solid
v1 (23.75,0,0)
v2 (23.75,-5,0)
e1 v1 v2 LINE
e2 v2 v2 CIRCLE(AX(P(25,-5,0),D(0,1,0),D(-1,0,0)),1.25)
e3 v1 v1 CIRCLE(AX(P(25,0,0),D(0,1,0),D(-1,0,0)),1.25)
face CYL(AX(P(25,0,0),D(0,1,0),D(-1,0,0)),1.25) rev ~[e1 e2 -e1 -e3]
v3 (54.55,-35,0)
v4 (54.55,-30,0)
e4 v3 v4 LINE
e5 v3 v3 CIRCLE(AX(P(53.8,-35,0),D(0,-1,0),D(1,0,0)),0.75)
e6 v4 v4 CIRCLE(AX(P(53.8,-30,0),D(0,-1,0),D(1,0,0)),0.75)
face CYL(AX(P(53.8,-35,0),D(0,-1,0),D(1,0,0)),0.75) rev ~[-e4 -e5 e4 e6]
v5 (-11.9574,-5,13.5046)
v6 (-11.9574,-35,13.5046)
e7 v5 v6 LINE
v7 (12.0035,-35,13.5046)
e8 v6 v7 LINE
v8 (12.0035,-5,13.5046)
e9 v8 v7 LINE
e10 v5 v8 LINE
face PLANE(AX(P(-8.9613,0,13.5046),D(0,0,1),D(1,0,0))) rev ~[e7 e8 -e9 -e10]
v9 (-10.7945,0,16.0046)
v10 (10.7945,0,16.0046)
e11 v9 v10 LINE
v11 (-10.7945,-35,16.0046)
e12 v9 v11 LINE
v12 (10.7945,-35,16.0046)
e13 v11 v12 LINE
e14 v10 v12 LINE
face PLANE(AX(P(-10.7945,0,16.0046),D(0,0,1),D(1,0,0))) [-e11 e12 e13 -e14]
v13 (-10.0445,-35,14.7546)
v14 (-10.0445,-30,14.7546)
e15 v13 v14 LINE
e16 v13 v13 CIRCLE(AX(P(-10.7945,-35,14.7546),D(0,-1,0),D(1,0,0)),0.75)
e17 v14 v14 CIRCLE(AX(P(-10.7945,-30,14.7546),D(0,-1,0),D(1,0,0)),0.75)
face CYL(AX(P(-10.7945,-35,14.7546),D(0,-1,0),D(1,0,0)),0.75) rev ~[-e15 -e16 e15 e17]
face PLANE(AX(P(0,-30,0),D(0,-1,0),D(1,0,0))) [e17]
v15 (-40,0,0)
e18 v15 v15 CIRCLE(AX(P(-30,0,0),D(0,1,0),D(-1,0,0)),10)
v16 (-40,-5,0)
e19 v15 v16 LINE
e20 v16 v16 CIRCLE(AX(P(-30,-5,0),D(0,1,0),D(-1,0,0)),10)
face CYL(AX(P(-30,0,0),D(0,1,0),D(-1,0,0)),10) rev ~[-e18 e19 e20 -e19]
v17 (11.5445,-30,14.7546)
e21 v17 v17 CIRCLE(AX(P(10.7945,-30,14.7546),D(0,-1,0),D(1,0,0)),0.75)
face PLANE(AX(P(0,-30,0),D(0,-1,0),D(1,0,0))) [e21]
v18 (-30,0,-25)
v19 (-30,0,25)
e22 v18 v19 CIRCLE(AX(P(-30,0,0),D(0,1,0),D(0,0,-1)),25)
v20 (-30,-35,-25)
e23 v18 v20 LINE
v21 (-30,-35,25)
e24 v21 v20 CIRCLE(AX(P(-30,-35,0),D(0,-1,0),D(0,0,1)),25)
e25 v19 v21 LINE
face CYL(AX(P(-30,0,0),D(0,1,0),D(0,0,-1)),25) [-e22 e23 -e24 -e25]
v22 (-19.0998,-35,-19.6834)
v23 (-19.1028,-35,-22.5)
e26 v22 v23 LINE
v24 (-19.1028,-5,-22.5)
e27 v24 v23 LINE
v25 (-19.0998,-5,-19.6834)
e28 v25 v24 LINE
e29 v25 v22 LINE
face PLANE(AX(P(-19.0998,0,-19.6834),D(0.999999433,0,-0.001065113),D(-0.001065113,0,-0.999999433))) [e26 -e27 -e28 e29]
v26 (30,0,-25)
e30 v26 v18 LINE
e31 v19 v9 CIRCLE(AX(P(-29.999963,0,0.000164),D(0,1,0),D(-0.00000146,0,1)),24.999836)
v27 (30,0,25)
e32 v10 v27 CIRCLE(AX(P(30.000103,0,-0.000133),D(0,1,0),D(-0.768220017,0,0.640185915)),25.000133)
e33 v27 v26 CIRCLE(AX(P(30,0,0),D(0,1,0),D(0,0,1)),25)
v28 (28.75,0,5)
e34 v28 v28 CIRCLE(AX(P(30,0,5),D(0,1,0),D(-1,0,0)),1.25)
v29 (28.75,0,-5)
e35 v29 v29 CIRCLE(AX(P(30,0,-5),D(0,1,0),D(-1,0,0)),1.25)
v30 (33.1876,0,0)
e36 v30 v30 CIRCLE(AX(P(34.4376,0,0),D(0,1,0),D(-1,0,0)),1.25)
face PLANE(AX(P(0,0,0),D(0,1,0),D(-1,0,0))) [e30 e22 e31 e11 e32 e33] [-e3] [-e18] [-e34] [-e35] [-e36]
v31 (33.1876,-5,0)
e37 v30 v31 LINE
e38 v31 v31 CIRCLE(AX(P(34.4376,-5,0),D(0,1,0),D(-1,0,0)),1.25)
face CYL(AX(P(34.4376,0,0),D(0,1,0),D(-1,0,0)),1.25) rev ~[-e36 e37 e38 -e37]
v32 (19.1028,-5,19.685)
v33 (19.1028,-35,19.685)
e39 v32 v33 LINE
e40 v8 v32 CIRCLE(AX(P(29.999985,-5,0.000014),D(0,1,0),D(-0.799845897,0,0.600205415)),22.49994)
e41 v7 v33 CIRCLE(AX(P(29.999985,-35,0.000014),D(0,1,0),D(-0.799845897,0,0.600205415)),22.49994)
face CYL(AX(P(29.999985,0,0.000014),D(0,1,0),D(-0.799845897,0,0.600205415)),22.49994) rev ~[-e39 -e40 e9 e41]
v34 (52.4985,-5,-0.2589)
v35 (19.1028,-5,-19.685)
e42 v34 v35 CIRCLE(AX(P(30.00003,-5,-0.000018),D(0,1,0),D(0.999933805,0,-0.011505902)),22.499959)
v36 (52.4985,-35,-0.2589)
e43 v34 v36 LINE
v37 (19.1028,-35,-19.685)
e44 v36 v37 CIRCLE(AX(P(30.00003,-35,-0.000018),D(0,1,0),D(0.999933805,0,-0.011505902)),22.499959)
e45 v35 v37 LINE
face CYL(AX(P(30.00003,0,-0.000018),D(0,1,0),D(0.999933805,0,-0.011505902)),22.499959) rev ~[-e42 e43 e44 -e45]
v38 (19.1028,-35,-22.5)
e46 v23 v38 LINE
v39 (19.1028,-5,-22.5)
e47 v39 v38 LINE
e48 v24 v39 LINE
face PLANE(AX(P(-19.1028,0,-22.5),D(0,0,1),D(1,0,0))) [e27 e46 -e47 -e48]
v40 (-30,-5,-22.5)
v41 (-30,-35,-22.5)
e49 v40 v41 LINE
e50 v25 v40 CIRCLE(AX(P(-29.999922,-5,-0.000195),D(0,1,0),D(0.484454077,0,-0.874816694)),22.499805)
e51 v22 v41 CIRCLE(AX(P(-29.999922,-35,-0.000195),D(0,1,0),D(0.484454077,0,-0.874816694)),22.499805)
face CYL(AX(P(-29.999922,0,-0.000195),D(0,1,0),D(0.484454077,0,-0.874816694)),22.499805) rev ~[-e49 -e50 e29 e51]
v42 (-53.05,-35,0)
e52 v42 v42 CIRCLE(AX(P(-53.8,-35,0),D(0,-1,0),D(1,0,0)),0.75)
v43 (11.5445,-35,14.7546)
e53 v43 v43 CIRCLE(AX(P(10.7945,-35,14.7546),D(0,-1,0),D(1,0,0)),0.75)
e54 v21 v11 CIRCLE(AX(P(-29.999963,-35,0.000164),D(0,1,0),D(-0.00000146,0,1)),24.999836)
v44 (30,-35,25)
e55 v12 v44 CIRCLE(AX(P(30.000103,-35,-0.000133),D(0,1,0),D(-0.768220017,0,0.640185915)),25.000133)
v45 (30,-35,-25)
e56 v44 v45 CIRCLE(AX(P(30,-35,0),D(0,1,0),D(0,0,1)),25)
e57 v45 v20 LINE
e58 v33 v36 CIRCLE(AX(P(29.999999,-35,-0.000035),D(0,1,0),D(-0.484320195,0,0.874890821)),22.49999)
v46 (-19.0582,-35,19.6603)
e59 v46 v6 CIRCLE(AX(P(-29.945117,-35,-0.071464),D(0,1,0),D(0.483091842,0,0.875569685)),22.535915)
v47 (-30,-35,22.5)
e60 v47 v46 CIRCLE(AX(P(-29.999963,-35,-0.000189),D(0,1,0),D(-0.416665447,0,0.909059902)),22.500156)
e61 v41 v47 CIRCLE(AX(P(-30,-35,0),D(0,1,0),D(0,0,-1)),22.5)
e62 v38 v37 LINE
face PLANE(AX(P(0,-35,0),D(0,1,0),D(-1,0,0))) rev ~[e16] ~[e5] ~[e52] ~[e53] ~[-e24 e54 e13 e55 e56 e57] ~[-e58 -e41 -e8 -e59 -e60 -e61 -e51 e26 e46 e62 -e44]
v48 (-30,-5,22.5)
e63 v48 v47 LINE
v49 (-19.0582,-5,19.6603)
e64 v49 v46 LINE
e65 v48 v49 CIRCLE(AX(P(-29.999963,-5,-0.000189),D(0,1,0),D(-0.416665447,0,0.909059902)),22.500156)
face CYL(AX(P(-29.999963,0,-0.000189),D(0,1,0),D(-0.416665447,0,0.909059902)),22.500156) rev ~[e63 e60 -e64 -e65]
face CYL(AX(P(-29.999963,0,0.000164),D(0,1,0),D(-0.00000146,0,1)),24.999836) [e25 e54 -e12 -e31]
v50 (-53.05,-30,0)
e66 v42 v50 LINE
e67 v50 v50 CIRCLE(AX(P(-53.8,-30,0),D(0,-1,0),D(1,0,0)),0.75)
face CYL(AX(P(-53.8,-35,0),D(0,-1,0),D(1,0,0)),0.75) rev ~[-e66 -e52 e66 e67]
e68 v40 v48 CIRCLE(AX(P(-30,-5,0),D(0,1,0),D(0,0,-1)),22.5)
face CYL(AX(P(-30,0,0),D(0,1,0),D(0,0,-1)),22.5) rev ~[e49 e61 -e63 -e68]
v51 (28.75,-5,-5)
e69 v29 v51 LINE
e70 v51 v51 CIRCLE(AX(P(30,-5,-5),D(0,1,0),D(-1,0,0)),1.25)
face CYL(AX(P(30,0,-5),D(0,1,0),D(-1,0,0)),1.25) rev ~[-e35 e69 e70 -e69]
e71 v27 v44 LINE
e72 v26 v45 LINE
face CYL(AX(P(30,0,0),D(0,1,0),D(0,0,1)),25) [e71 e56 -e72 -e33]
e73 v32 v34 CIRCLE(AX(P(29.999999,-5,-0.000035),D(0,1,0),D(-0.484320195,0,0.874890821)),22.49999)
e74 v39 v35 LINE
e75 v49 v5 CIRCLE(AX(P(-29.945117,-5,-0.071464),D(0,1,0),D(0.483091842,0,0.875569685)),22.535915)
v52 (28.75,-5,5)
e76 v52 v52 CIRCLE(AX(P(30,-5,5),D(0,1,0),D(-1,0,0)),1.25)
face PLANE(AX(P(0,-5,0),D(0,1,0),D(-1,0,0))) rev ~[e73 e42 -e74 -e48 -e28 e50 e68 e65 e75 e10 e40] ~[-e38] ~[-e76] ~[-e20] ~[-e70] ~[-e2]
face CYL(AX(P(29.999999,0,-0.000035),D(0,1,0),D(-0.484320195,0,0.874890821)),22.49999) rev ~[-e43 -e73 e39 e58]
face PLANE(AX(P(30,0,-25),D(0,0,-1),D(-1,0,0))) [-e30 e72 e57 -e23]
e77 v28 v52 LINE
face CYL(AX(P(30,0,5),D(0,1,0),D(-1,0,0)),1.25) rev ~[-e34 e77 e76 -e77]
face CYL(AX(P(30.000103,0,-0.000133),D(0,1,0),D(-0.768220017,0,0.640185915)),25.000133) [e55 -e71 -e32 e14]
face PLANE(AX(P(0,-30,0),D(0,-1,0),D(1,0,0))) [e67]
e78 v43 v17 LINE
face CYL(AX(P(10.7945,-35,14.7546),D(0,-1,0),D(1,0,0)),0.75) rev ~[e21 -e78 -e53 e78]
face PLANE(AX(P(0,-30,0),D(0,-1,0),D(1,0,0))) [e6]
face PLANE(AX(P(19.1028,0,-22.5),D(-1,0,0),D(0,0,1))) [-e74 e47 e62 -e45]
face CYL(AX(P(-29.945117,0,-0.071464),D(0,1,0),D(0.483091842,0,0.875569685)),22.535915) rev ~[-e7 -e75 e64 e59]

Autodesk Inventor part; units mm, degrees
ref_plane "YZ Plane" through (0, 0, 0) normal (1, 0, 0) x (0, 1, 0)
sketch "Sketch1" plane through (0, 0, 0) normal (0, 1, 0) x (-1, 0, 0)
  line L0 (30, 0) -> (-30, 0) construction
  line L1 (30, 25) -> (-30, 25) construction
  line L2 (-30, -25) -> (30, -25)
  arc A0 (30, -25) -> (30, 25) centre (30, 0) ccw construction
  arc A1 (-30, 25) -> (-30, -25) centre (-30, 0) ccw
  line L3 (30, -25) -> (0, 0) construction
  line L4 (0, 0) -> (30, 25) construction
  line L5 (0, 0) -> (-34.4376, -24.603) construction
  line L6 (0, 0) -> (-34.4376, 25) construction
  line L7 (-34.4376, -24.603) -> (-34.4376, 25) construction
  line L8 (30, -25) -> (30, 25) construction
  line L9 (55, 0) -> (30, -25) construction
  line L10 (55, 0) -> (30, 25) construction
  line L11 (-34.4376, -24.603) -> (-55, 0) construction
  line L12 (-55, 0) -> (-30, 25) construction
  line L13 (25, 0) -> (-25, 0) construction
  line L14 (25, 25) -> (-25, 25) construction
  line L15 (-25, -25) -> (25, -25) construction
  arc A2 (25, -25) -> (25, 25) centre (25, 0) ccw construction
  arc A3 (-25, 25) -> (-25, -25) centre (-25, 0) ccw construction
  line L16 (55, 0) -> (25, -25) construction
  line L17 (55, 0) -> (25, 25) construction
  line L18 (25, -25) -> (25, 25) construction
  line L19 (0, 0) -> (55, 0) construction
  line L20 (-25, -25) -> (-25, 25) construction
  circle A4 centre (-30, 0) radius 25 construction
  circle A5 centre (30, 0) radius 25 construction
  circle A6 centre (-30, 0) radius 22.5 construction
  line L21 (30, -25) -> (-30, -25)
  line L22 (0, -25) -> (0, 25) construction
  line L23 (30, 0) -> (0, 25) construction
  line L24 (10.7945, 16.0046) -> (-10.7945, 16.0046) construction
  line L25 (10.7945, 16.0046) -> (-10.7945, 16.0046)
  line L26 (8.9613, 13.5046) -> (-8.9613, 13.5046)
  circle A7 centre (30, 0) radius 10
  line L27 (19.1028, -22.5) -> (-19.1028, -22.5)
  line L28 (-30, 0) -> (-30, -25) construction
  line L29 (-30, 0) -> (-30, 25) construction
  line L30 (-30, 0) -> (-12.3223, -17.6777) construction
  line L31 (-30, 0) -> (-47.6777, -17.6777) construction
  line L32 (-25, -5) -> (-34.4376, -5) construction
  line L33 (-12.3223, -17.6777) -> (-47.6777, 17.6777) construction
  line L34 (-47.6777, -17.6777) -> (-12.3223, 17.6777) construction
  line L35 (-25, 5) -> (-34.4376, 5) construction
  circle A8 centre (-30, -5) radius 1.25
  circle A9 centre (-25, 0) radius 1.25
  circle A10 centre (-34.4376, 0) radius 1.25
  circle A11 centre (-30, 5) radius 1.25
  line L36 (-19.1028, -22.5) -> (-19.1028, 22.5) construction
  line L37 (19.1028, -22.5) -> (19.0552, 22.4769) construction
  line L38 (10.7945, 16.0046) -> (10.7945, -22.5636) construction
  line L39 (10.7945, 16.0046) -> (49.3627, 16.0046) construction
  line L40 (-10.7945, 16.0046) -> (-10.7945, -22.0758) construction
  line L41 (-10.7945, 16.0046) -> (27.2859, 16.0046) construction
  line L42 (-10.7945, -22.0758) -> (-11.3044, -22.5) construction
  line L43 (-8.9613, 13.5046) -> (-8.9613, -22.5) construction
  line L44 (8.9613, 13.5046) -> (8.9613, -22.5) construction
  arc A12 (19.0998, -19.6834) -> (30, -22.5) centre (30, 0) ccw
  arc A13 (30, -22.5) -> (52.5, 0) centre (30, 0) ccw
  arc A14 (52.5, 0) -> (30, 22.5) centre (30, 0) ccw
  arc A15 (39.375, 20.4538) -> (19.0582, 19.6603) centre (30, 0) ccw
  circle A16 centre (30, 0) radius 22.5369 construction
  arc A17 (19.0582, 19.6603) -> (11.9574, 13.5046) centre (29.9457, -0.0723) ccw
  line L45 (8.9613, 13.5046) -> (11.9574, 13.5046)
  line L46 (19.0998, -19.6834) -> (19.1028, -22.5)
  arc A18 (30, 25) -> (10.7945, 16.0046) centre (30, 0) ccw
  arc A19 (55, 0) -> (30, 25) centre (30, 0) ccw
  arc A20 (30, -25) -> (55, 0) centre (30, 0) ccw
  arc A21 (-52.4985, -0.2589) -> (-19.1028, -19.685) centre (-30, 0) ccw
  arc A22 (-19.1028, 19.685) -> (-52.4985, -0.2589) centre (-30, 0) ccw
  line L47 (-8.9613, 13.5046) -> (-12.0035, 13.5046)
  arc A23 (-12.0035, 13.5046) -> (-19.1028, 19.685) centre (-30, 0) ccw
  line L48 (-19.1028, -22.5) -> (-19.1028, -19.685)
  arc A24 (-10.7945, 16.0046) -> (-30, 25) centre (-30, 0) ccw
  point P0 (-30, 25)
  point P1 (-30, 0)
  dimension "d1" = 30
  dimension "d2" = 50
  dimension "d3" = 50
  dimension "d4" = 25
  dimension "d8" = 110
  dimension "d9" = 50
  dimension "d12" = 45
  dimension "d13" = 0
  dimension "d14" = 2.5
  dimension "d15" = 20
  dimension "d16" = 2.5
  dimension "d25" = 2.5
  dimension "d26" = 2.5
  dimension "d27" = 2.5
  dimension "d28" = 2.5
  dimension "d29" = 90
  dimension "d30" = 90
ref_plane "Work Plane1" through (0, -5, 0) normal (0, -1, 0) x (1, 0, 0)
extrude "Extrusion2" add sketch "Sketch1" against normal blind 35 contours A1 A24 L25 A18 A19 A20 L2
extrude "Extrusion3" add sketch "Sketch1" against normal blind 5 contours L45 A17 A15 A14 A13 A12 L46 L27 L48 A21 A22 A23 L47 L26
sketch "Sketch3" plane through (0, -35, 0) normal (0, -1, 0) x (1, 0, 0)
  point P0 (0, 0)
ref_plane "Work Plane2" through (0, -35, 0) normal (0, -1, 0) x (1, 0, 0)
sketch "Sketch4" plane through (0, -35, 0) normal (0, -1, 0) x (1, 0, 0)
  line L0 (0, 0) -> (-55, 0) construction
  arc A0 (-10.7945, 16.0046) -> (-30, -25) centre (-30, 0) ccw construction
  arc A1 (30, -25) -> (10.7945, 16.0046) centre (30, 0) ccw construction
  line L1 (0, 0) -> (55, 0) construction
  line L2 (-30, -25) -> (-30, 25) construction
  line L3 (30, -25) -> (30, 25) construction
  line L4 (-30, 13.5046) -> (30, 13.5046) construction
  line L5 (-19.1028, -22.5) -> (-19.0998, -19.6834) construction
  line L6 (-19.0998, -19.6834) -> (-30, -19.6834) construction
  arc A2 (-19.0582, 19.6603) -> (-19.0998, -19.6834) centre (-30, 0) ccw construction
  line L7 (-19.0998, -19.6834) -> (30, -19.6834) construction
  circle A3 centre (-53.8, 0) radius 0.75
  circle A4 centre (53.8, 0) radius 0.75
  arc A5 (19.1028, -19.685) -> (12.0035, 13.5046) centre (30, 0) ccw construction
  line L8 (-10.7945, 16.0046) -> (-10.7945, 13.5046) construction
  line L9 (10.7945, 16.0046) -> (10.7945, 13.5046) construction
  circle A6 centre (-10.7945, 14.7546) radius 0.75
  circle A7 centre (10.7945, 14.7546) radius 0.75
  point P0 (-52.5, 0.0238)
  point P1 (-52.5, 0.0238)
  dimension "d41" = 2.5
  dimension "d42" = 1.5
  dimension "d43" = 1.3
  dimension "d44" = 1.5
  dimension "d45" = 0.55
  dimension "d46" = 1.5
  dimension "d47" = 1.5
  dimension "d48" = 20.0889
extrude "Extrusion4" cut sketch "Sketch4" against normal blind 5
properties part number "con_v6_d1_3DPrint"
